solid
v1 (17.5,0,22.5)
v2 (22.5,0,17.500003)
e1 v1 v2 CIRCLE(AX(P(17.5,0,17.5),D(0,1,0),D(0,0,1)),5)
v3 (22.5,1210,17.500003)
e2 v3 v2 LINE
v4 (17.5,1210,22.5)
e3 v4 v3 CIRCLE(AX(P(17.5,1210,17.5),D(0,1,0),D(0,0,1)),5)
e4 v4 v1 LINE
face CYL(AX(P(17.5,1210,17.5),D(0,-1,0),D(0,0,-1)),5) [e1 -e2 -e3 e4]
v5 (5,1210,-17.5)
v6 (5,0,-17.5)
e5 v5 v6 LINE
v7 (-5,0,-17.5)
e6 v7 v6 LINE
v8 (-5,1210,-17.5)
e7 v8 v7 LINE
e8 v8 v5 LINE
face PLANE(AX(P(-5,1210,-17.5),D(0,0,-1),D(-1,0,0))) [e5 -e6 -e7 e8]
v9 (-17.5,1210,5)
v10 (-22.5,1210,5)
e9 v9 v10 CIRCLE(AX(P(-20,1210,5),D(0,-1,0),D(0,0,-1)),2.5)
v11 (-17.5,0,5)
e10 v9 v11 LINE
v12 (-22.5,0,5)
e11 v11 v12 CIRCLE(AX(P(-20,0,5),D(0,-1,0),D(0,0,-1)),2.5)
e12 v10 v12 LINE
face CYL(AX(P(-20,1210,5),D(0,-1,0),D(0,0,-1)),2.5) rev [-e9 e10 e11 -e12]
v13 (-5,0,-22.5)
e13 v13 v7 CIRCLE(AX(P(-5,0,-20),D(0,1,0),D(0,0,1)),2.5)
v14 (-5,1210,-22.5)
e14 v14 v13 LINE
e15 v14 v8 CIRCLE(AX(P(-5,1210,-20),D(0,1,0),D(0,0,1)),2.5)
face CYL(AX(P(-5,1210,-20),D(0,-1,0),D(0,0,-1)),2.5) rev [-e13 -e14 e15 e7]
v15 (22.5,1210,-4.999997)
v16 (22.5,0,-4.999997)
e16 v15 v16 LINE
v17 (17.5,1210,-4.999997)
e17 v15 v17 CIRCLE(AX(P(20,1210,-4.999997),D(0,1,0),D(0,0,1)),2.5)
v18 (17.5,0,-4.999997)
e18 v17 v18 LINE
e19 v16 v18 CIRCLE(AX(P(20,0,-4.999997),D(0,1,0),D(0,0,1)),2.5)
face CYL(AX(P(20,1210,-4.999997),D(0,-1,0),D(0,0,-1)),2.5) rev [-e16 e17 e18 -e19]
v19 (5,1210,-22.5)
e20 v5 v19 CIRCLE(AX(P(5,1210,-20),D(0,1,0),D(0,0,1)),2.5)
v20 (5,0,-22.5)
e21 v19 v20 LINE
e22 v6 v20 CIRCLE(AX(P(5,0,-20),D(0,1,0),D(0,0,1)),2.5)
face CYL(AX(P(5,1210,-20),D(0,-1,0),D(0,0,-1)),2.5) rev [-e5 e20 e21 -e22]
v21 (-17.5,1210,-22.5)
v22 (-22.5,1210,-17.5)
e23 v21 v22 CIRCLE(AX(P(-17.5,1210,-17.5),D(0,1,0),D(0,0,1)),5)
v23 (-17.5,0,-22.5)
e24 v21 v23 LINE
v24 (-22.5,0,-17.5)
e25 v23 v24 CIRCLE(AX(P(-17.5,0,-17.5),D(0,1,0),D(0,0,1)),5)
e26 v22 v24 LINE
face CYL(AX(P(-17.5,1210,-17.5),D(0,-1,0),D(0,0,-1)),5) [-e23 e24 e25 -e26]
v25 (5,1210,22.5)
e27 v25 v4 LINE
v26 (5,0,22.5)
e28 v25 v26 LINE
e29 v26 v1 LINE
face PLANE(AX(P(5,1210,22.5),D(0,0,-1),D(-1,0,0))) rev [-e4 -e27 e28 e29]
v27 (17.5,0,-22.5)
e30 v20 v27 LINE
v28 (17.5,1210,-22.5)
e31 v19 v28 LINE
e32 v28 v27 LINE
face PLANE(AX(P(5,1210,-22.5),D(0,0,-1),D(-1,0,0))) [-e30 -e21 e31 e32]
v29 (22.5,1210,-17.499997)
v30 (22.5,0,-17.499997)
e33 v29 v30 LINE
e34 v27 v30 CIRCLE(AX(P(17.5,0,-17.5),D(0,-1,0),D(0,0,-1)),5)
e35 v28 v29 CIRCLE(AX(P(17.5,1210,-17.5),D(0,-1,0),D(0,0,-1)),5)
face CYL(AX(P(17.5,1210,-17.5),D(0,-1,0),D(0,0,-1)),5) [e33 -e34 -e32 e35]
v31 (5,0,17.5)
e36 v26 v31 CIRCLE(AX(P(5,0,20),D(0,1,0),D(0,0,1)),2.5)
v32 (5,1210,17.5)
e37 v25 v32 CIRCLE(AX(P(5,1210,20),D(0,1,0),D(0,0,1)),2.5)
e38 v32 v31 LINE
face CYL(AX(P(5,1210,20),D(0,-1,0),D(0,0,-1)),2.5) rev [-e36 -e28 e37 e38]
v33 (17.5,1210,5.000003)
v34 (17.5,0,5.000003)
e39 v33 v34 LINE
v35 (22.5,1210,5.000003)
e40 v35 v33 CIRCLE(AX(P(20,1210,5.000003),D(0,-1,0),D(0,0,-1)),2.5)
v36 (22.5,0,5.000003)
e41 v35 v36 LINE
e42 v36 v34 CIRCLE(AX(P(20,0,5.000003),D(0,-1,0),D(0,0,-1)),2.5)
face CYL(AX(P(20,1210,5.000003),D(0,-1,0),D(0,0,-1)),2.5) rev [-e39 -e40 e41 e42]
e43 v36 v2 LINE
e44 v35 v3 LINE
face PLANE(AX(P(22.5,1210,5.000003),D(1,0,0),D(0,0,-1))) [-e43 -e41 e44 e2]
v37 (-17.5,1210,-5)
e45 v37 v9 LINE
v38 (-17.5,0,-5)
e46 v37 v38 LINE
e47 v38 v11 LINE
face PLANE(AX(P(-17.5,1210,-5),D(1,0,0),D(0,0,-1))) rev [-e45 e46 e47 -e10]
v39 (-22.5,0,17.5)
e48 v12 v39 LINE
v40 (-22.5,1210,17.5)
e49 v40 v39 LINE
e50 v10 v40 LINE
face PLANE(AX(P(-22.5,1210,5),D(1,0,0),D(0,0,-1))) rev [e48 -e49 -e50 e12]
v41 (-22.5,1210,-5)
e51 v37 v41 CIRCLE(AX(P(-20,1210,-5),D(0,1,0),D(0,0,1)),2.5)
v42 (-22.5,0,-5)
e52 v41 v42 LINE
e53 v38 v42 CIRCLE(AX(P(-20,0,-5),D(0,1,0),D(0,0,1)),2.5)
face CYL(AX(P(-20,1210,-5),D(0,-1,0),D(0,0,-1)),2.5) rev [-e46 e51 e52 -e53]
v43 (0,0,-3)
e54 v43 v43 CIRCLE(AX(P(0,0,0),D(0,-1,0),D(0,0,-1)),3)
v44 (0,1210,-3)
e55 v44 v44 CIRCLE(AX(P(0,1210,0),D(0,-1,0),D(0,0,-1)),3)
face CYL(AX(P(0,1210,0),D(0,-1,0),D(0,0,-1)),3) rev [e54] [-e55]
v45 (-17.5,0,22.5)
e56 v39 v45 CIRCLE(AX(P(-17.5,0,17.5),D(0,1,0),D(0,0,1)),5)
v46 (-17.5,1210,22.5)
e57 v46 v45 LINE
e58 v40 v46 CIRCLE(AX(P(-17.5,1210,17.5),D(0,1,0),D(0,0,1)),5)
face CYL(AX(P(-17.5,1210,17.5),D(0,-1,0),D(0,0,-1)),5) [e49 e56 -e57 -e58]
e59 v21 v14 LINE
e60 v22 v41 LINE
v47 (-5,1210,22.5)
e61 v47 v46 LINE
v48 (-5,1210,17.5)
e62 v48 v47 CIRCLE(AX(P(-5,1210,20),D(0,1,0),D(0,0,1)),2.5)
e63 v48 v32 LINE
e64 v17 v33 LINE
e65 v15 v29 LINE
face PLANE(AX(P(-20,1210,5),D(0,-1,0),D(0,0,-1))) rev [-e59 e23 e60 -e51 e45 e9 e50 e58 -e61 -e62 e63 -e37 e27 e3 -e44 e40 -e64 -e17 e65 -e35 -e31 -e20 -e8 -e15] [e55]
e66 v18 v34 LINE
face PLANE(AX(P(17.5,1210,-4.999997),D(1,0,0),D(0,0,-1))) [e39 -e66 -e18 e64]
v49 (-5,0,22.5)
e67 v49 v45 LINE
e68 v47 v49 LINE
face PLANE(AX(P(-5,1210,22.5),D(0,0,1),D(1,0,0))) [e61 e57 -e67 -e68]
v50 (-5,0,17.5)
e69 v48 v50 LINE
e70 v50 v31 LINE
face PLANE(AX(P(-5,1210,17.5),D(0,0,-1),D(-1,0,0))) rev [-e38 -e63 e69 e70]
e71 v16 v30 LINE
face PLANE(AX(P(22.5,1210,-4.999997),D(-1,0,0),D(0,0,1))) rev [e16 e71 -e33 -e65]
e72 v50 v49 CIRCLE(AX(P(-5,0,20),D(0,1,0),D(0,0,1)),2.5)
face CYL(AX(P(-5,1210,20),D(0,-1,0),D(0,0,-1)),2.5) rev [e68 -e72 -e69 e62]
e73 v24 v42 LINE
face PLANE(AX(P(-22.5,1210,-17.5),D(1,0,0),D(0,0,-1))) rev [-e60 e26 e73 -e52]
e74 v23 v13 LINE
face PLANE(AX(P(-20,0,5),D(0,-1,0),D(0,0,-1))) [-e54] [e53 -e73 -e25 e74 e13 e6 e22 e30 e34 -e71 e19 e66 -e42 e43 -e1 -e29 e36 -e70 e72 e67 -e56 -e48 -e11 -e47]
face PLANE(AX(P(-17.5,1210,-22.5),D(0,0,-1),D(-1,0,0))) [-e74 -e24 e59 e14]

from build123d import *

# Parameters (mm, degrees)
BOSS_EXTRU_2_DEPTH      = 1210
ESQUISSE5_R             = 3
ENL_V_MAT_EXTRU_1_DEPTH = 1211.418316121


with BuildPart() as part:
    # Esquisse4 → Boss.-Extru.2 (new body)
    with BuildSketch(Plane(origin=(0, 0, 0), x_dir=(1, 0, 0), z_dir=(0, 1, 0))):
        with BuildLine():
            Line((-17.5, 22.5), (-5, 22.5))
            ThreePointArc((-5, 22.5), (-7.5, 20), (-5, 17.5))
            Line((-5, 17.5), (5, 17.5))
            ThreePointArc((5, 17.5), (7.5, 20), (5, 22.5))
            Line((5, 22.5), (17.5, 22.5))
            ThreePointArc((17.5, 22.5), (21.035534799, 21.035533013), (22.5, 17.499997475))
            Line((22.5, 17.499997475), (22.5, 4.999997475))
            ThreePointArc((22.5, 4.999997475), (20, 7.499997475), (17.5, 4.999997475))
            Line((17.5, 4.999997475), (17.5, -5.000002525))
            ThreePointArc((17.5, -5.000002525), (20, -7.500002525), (22.5, -5.000002525))
            Line((22.5, -5.000002525), (22.5, -17.500002525))
            ThreePointArc((22.5, -17.500002525), (21.035533013, -21.035534799), (17.5, -22.5))
            Line((17.5, -22.5), (5, -22.5))
            ThreePointArc((5, -22.5), (7.5, -20), (5, -17.5))
            Line((5, -17.5), (-5, -17.5))
            ThreePointArc((-5, -17.5), (-7.5, -20), (-5, -22.5))
            Line((-5, -22.5), (-17.5, -22.5))
            ThreePointArc((-17.5, -22.5), (-21.035533906, -21.035533906), (-22.5, -17.5))
            Line((-22.5, -17.5), (-22.5, -5))
            ThreePointArc((-22.5, -5), (-20, -7.5), (-17.5, -5))
            Line((-17.5, -5), (-17.5, 5))
            ThreePointArc((-17.5, 5), (-20, 7.5), (-22.5, 5))
            Line((-22.5, 5), (-22.5, 17.5))
            ThreePointArc((-22.5, 17.5), (-21.035533906, 21.035533906), (-17.5, 22.5))
        make_face()
    extrude(amount=BOSS_EXTRU_2_DEPTH)

    # Esquisse5 → Enlèv. mat.-Extru.1 (cut, through all)
    with BuildSketch(Plane.XZ):
        with Locations(Location((0, 0, 0), (0, 0, 270))):
            Circle(ESQUISSE5_R)
    extrude(amount=-ENL_V_MAT_EXTRU_1_DEPTH, mode=Mode.SUBTRACT)


solid = part.part
